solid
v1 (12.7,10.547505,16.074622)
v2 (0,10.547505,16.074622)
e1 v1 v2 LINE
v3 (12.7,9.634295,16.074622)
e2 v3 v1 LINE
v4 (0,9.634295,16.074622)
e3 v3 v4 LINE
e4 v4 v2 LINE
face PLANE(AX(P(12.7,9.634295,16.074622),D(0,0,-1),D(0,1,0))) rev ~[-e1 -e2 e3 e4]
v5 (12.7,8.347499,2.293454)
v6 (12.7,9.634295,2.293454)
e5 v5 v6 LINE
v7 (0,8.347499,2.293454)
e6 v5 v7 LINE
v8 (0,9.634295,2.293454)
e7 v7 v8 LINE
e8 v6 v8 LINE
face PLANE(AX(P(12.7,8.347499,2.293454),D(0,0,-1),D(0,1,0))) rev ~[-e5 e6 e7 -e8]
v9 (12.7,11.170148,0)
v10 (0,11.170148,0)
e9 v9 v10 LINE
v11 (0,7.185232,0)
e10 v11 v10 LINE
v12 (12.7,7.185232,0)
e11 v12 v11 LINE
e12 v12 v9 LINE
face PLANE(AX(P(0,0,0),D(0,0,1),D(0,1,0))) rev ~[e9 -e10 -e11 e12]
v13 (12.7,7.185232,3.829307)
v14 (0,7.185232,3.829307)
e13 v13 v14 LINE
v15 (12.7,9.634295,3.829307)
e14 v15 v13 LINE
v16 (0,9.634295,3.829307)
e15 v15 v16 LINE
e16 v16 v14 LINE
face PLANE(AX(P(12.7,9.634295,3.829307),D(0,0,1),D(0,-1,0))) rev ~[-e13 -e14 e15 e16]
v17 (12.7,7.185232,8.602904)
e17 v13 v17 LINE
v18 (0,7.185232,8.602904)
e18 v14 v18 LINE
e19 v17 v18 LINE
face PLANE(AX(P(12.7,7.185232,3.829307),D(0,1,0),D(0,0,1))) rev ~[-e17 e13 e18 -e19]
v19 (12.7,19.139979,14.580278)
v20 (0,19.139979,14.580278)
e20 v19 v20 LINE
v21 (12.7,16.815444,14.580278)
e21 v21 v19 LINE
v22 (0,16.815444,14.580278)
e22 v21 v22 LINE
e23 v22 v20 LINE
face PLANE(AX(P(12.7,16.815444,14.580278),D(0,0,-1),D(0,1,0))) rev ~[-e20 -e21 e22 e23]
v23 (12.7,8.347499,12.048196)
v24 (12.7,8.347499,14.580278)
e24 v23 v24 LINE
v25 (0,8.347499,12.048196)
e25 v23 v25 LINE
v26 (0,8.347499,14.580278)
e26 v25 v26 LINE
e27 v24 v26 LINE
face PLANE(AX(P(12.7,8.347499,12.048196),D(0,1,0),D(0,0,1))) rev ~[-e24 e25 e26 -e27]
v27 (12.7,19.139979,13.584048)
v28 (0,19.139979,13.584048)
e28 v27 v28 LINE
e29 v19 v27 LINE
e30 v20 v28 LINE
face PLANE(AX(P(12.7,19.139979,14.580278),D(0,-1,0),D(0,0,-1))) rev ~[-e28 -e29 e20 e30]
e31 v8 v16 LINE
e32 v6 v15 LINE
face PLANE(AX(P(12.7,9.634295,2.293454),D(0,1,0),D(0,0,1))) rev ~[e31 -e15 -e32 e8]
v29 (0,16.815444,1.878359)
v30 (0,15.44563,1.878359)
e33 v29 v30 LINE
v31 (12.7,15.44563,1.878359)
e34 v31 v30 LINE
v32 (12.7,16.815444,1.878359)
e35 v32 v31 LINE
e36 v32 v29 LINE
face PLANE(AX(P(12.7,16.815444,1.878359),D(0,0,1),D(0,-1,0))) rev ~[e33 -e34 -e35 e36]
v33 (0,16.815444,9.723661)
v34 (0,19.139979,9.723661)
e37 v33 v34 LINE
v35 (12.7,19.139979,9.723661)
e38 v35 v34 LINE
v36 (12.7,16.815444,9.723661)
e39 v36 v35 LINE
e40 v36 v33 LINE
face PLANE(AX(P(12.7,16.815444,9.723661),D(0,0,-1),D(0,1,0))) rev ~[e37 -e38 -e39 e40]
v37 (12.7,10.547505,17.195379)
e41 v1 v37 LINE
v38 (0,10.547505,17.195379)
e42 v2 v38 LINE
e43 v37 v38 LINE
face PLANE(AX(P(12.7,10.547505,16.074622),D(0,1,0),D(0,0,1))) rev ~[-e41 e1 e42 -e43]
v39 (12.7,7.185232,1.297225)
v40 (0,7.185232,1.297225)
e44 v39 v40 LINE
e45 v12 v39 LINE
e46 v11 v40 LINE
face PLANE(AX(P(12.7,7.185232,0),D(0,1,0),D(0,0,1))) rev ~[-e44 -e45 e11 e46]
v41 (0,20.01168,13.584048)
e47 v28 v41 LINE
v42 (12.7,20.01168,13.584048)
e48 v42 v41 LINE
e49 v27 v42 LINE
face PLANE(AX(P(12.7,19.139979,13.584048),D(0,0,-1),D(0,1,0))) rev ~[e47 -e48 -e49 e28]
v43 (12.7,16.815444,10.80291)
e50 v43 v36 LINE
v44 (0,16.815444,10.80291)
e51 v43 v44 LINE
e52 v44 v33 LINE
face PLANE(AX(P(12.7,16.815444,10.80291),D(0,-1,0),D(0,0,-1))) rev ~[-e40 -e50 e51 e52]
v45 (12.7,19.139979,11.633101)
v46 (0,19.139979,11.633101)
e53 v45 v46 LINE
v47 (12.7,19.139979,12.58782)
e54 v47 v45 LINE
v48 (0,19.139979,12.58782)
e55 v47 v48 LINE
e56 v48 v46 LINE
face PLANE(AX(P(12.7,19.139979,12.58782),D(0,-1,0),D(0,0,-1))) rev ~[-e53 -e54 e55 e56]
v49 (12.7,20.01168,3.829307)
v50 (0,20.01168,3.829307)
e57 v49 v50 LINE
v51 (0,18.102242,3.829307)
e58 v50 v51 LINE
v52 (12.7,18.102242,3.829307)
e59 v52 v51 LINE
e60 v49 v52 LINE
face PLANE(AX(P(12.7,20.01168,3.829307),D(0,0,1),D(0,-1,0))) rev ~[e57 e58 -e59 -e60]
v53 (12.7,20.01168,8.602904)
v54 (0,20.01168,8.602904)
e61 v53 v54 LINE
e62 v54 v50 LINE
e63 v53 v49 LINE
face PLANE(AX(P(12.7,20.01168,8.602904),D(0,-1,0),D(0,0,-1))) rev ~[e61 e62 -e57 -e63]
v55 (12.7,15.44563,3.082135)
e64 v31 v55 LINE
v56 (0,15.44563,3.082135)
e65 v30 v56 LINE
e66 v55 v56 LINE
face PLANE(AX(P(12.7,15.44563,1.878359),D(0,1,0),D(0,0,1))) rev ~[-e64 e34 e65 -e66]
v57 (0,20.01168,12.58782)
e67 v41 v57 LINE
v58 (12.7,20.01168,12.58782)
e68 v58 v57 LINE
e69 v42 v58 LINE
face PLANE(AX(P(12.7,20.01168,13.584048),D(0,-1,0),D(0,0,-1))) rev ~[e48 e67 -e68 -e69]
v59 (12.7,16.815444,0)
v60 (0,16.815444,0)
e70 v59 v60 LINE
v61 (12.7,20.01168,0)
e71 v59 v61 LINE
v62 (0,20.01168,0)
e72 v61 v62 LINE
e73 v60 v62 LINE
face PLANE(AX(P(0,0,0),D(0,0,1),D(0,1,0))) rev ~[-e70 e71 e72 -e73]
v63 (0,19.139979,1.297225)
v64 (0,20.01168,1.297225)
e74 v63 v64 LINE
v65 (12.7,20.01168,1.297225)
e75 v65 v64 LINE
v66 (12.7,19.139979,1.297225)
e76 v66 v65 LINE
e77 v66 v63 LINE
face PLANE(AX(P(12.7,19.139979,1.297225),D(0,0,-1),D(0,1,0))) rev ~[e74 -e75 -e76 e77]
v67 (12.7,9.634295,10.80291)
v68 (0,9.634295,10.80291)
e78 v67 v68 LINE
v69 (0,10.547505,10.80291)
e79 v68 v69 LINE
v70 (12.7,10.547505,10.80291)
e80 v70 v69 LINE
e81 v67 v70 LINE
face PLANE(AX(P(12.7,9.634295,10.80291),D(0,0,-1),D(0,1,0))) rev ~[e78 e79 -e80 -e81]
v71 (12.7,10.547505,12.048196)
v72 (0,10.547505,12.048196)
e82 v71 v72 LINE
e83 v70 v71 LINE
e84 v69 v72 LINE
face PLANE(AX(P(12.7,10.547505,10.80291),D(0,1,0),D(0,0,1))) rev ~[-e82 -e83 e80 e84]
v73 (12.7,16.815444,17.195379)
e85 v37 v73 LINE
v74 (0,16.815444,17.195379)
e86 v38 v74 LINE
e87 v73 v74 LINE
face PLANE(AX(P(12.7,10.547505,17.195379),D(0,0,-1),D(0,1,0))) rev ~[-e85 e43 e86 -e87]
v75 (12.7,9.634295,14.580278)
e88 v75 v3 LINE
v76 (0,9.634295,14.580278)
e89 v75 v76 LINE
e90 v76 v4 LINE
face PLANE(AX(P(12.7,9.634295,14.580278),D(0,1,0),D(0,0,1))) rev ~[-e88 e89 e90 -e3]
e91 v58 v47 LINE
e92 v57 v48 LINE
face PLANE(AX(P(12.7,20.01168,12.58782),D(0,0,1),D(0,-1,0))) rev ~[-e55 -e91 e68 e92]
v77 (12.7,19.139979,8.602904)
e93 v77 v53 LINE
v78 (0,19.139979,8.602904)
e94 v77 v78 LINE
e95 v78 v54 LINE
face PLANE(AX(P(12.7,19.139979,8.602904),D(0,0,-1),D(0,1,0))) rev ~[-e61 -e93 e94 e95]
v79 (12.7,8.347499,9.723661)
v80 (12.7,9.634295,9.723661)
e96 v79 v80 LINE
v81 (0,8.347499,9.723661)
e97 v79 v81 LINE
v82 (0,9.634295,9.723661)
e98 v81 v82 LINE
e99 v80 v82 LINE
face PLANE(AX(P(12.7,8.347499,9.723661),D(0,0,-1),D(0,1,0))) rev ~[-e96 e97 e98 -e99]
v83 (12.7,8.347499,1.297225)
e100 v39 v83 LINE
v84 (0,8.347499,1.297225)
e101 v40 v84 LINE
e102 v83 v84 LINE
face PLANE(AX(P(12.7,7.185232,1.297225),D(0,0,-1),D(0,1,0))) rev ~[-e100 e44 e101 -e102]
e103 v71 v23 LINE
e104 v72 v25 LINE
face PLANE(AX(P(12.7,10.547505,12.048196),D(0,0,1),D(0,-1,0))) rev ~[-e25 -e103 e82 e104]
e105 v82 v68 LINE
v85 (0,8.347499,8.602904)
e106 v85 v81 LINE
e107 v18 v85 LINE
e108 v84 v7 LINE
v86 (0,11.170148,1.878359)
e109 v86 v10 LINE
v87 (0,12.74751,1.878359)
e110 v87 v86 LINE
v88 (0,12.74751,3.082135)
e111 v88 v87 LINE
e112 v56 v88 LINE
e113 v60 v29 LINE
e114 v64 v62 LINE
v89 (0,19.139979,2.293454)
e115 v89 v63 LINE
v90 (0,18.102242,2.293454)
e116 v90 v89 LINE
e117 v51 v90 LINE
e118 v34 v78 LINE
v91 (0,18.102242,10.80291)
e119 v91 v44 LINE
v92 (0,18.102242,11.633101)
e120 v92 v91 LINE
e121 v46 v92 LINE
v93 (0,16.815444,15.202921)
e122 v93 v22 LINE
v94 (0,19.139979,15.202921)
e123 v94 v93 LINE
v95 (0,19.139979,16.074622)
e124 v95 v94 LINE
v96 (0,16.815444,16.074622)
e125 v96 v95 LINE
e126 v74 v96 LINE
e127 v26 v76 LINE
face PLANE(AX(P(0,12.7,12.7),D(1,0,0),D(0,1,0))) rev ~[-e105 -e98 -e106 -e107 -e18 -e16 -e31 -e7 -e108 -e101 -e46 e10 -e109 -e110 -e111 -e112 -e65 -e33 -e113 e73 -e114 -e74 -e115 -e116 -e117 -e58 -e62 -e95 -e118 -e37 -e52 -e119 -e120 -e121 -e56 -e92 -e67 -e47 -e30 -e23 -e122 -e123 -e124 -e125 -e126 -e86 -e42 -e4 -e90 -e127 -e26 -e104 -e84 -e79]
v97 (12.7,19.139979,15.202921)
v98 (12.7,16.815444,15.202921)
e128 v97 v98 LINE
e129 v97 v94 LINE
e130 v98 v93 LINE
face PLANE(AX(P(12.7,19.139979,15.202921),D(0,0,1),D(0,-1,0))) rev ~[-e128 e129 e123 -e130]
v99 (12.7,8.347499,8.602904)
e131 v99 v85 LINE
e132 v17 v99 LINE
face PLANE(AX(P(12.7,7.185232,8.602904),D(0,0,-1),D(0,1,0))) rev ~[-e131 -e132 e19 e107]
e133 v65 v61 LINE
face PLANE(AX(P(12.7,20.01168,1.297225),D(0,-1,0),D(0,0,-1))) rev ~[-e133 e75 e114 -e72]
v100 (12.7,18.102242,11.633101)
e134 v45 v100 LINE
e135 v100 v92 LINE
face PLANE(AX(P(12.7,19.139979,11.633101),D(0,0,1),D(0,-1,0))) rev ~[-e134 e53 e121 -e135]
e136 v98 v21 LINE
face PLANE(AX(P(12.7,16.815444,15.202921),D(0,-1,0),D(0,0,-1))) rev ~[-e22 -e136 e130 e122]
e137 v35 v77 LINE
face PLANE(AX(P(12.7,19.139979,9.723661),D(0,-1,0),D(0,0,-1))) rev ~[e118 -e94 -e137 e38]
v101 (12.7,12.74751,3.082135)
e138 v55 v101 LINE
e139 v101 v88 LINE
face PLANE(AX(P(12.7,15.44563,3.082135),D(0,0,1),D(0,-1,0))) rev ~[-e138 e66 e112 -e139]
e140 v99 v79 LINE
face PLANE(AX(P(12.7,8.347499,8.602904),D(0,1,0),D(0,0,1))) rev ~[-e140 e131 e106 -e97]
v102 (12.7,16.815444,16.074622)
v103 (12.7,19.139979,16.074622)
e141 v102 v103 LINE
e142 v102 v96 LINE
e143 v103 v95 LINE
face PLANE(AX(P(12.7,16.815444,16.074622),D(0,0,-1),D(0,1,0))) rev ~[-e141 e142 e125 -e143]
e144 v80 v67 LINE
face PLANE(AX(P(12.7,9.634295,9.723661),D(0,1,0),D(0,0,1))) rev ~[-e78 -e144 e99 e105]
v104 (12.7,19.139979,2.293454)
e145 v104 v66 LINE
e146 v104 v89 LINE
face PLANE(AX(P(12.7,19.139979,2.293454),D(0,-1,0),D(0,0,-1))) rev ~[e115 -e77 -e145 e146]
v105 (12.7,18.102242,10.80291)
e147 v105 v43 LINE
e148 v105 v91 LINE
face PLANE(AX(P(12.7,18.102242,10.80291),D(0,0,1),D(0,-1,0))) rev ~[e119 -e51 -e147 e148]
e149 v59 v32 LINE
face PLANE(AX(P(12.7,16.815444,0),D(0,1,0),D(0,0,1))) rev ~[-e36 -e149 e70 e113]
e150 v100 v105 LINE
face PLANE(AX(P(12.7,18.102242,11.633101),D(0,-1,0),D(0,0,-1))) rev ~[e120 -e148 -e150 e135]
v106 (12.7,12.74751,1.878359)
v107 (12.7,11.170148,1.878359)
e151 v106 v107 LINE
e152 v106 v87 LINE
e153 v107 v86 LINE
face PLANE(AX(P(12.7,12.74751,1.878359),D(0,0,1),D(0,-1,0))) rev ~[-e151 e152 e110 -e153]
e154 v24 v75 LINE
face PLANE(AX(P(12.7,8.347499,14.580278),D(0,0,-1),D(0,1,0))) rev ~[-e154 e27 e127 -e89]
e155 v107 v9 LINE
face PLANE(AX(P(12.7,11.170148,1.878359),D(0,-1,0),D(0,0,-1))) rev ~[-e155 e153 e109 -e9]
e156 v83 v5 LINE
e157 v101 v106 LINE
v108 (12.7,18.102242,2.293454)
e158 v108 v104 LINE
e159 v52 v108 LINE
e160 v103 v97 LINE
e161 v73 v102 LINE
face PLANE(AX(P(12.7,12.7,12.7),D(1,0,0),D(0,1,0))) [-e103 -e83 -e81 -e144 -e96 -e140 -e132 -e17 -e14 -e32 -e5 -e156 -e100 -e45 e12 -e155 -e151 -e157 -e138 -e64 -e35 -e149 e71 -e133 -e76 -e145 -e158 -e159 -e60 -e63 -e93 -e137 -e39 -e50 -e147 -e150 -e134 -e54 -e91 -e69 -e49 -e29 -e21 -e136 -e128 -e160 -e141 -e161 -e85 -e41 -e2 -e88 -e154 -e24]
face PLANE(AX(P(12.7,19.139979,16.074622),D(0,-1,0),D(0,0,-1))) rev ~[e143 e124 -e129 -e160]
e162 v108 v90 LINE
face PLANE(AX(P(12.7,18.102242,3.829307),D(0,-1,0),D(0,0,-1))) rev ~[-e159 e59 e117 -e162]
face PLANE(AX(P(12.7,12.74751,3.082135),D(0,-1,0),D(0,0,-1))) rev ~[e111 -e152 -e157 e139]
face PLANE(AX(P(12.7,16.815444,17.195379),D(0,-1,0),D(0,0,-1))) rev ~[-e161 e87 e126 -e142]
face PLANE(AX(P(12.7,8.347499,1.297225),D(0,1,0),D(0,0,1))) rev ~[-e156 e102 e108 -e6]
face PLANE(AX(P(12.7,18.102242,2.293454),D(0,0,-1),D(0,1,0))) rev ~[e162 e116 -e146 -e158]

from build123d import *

# Parameters (mm, degrees)
F0_W     = 25.4
F0_H     = 25.4
F1_DEPTH = 12.7
F3_DEPTH = 25.4


with BuildPart() as f1:
    # F0 (on Right) → F1 (new body)
    with BuildSketch(Plane.YZ):
        with Locations((12.7, 12.7)):
            Rectangle(F0_W, F0_H)
    extrude(amount=F1_DEPTH)

    # F2 (on face) → F3 (cut)
    with BuildSketch(Plane.YZ.offset(12.7)):
        Polygon((20.01168, 1.297225), (20.01168, 0), (25.4, 0), (25.4, 25.4), (0, 25.4), (0, 0), (7.185232, 0), (7.185232, 1.297225), (8.347499, 1.297225), (8.347499, 2.293454), (9.634295, 2.293454), (9.634295, 3.829307), (7.185232, 3.829307), (7.185232, 8.602904), (8.347499, 8.602904), (8.347499, 9.723661), (9.634295, 9.723661), (9.634295, 10.80291), (10.547505, 10.80291), (10.547505, 12.048196), (8.347499, 12.048196), (8.347499, 14.580278), (9.634295, 14.580278), (9.634295, 15.202921), (9.634295, 16.074622), (10.547505, 16.074622), (10.547505, 17.195379), (16.815444, 17.195379), (16.815444, 16.074622), (19.139979, 16.074622), (19.139979, 15.202921), (16.815444, 15.202921), (16.815444, 14.580278), (19.139979, 14.580278), (19.139979, 13.584048), (20.01168, 13.584048), (20.01168, 12.58782), (19.139979, 12.58782), (19.139979, 11.633101), (18.102242, 11.633101), (18.102242, 10.80291), (16.815444, 10.80291), (16.815444, 9.723661), (19.139979, 9.723661), (19.139979, 8.602904), (20.01168, 8.602904), (20.01168, 3.829307), (18.102242, 3.829307), (18.102242, 2.293454), (19.139979, 2.293454), (19.139979, 1.297225), align=None)
        Polygon((11.170148, 0), (16.815444, 0), (16.815444, 1.878359), (15.44563, 1.878359), (15.44563, 3.082135), (12.74751, 3.082135), (12.74751, 1.878359), (11.170148, 1.878359), align=None)
    extrude(amount=-F3_DEPTH, mode=Mode.SUBTRACT)


solid = f1.part
